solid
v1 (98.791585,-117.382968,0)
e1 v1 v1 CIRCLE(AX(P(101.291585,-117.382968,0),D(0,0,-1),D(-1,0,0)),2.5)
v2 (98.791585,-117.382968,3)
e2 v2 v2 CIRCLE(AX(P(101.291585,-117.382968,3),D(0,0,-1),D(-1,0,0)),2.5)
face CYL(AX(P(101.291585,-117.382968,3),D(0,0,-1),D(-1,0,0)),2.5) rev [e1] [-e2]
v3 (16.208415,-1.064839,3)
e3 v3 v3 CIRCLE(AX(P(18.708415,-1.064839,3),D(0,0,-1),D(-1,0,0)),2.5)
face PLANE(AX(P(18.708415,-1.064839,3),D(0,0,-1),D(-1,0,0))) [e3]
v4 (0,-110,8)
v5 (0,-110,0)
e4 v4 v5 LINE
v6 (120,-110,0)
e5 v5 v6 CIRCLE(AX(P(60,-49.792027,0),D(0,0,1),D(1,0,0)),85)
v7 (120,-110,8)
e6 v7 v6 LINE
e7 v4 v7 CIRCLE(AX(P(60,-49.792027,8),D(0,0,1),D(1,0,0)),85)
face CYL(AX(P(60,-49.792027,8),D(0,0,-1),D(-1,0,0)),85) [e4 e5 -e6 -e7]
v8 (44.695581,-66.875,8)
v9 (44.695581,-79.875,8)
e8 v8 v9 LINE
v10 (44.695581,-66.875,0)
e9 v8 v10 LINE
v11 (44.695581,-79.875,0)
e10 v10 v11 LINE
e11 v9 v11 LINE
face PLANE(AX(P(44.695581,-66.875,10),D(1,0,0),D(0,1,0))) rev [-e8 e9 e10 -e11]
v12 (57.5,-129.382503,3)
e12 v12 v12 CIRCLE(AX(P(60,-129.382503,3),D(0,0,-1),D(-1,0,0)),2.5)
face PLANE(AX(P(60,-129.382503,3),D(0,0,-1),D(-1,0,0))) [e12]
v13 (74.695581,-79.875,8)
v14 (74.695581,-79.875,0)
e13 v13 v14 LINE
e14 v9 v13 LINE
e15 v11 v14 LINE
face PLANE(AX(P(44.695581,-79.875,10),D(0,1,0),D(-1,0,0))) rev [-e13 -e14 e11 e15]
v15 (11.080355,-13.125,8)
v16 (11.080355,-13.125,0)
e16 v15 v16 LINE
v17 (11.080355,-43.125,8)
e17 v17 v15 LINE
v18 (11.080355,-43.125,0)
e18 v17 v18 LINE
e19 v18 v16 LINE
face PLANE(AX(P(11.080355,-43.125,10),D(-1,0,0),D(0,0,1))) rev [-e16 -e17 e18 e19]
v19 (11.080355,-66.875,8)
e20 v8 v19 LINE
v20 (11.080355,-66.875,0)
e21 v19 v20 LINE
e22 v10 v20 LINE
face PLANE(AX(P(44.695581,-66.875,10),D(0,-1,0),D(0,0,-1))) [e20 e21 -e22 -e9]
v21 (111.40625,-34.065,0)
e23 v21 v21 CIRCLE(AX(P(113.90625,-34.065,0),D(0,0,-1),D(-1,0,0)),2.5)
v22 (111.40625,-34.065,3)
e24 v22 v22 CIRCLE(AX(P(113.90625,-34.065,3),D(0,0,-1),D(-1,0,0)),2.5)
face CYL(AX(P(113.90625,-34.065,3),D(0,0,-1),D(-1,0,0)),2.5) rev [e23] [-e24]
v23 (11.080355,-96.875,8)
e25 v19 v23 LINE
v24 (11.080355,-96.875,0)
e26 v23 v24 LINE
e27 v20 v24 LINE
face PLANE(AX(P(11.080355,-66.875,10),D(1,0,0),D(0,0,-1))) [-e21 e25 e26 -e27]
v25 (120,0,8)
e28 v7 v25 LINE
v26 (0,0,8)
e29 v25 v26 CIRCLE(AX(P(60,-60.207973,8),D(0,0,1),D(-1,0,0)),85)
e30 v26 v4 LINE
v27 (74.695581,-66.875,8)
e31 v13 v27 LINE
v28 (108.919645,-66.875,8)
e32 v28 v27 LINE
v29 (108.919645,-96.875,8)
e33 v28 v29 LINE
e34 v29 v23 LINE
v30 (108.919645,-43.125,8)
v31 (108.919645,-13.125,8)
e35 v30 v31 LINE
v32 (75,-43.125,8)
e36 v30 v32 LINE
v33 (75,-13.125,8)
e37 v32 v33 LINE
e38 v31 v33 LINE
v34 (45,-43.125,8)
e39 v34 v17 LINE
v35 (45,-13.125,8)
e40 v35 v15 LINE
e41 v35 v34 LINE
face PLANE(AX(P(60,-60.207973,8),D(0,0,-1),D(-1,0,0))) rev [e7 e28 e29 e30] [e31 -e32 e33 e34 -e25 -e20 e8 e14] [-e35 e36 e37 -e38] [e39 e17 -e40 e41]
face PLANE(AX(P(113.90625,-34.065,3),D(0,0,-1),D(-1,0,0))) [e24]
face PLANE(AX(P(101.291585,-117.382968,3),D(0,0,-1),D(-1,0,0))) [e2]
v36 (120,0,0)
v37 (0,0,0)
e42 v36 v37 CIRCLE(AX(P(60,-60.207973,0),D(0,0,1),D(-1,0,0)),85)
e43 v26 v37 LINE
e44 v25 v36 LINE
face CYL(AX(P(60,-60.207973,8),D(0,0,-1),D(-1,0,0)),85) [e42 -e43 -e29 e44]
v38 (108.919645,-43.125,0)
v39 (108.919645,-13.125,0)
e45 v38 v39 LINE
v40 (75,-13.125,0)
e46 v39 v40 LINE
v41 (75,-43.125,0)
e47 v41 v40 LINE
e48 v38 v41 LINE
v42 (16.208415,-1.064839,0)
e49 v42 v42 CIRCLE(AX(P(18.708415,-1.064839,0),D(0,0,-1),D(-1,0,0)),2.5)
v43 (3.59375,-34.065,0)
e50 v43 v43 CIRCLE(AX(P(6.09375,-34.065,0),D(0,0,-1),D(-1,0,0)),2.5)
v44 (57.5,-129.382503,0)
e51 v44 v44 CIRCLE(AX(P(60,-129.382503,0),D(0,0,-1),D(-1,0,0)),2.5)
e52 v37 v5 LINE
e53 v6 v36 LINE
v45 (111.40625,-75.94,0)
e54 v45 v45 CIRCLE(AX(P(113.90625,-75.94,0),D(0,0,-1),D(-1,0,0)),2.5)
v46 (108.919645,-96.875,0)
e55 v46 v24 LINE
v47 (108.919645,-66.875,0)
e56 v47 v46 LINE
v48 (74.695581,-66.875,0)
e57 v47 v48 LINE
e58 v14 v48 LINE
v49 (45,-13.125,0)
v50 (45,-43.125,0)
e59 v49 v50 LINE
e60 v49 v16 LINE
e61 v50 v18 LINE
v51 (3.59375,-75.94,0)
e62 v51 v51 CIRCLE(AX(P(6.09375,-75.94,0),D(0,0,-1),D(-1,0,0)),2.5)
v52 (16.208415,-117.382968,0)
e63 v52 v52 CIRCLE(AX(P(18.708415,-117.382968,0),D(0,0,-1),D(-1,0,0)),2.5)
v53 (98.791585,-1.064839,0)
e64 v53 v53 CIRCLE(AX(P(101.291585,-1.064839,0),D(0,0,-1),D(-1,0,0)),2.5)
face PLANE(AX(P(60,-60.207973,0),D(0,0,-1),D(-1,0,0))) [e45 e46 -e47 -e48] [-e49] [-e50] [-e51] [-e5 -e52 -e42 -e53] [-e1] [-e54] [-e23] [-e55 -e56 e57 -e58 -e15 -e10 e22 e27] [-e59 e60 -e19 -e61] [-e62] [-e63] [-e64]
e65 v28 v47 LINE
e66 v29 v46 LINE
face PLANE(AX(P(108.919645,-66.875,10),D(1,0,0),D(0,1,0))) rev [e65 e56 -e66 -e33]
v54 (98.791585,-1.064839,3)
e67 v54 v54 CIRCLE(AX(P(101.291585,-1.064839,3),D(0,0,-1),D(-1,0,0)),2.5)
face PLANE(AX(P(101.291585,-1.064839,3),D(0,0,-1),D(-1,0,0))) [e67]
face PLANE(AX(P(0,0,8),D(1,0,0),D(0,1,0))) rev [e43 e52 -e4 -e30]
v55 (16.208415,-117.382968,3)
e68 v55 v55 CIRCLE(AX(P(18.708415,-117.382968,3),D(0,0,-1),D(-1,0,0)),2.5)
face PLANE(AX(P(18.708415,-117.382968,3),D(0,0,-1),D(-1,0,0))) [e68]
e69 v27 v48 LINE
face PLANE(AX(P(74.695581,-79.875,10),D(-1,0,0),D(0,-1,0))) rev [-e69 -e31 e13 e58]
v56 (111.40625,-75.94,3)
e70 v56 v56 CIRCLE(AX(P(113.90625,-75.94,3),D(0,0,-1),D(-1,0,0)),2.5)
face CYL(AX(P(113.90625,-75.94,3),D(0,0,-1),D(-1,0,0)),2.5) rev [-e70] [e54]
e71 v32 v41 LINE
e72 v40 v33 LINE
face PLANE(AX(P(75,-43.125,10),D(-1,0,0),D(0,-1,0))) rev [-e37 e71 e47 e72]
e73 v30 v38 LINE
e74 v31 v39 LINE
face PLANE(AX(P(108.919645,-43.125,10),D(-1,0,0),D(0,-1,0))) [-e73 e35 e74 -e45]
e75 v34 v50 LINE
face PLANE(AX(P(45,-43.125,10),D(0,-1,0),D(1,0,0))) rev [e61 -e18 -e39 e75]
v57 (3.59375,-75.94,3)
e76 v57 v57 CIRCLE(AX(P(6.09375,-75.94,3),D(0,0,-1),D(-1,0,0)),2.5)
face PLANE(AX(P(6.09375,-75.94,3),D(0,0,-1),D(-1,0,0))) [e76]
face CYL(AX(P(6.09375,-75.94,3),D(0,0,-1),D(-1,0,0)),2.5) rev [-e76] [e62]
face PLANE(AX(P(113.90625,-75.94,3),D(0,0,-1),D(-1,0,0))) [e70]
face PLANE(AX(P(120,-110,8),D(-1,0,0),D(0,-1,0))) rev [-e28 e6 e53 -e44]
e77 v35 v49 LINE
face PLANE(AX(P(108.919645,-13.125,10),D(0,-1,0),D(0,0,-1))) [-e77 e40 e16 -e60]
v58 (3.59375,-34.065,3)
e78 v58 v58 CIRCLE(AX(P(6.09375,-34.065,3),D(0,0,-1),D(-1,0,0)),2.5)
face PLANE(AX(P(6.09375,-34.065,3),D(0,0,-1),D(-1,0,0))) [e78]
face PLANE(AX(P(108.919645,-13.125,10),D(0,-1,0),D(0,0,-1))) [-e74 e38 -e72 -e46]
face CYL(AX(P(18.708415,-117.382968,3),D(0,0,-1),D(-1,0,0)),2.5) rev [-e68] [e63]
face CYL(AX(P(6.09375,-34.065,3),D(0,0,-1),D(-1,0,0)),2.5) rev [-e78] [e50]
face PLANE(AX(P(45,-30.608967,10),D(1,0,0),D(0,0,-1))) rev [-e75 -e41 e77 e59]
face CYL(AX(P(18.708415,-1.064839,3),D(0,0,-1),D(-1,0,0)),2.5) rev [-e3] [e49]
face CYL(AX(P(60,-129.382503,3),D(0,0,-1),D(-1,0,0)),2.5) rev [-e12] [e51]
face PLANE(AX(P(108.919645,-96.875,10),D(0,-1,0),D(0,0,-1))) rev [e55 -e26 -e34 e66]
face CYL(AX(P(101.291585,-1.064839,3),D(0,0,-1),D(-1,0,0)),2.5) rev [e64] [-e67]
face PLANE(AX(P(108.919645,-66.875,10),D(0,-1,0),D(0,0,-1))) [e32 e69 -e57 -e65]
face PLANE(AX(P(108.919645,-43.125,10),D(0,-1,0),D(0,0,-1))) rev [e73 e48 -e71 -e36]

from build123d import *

# Parameters (mm, degrees)
RESSALTO_EXTRUS_O1_DEPTH = 8
CORTE_EXTRUS_O1_DEPTH    = 10
RESSALTO_EXTRUS_O2_REACH = 161.117
ESBO_O3_W                = 30
ESBO_O3_H                = 8
ESBO_O4_R                = 2.5
CORTE_EXTRUS_O2_DEPTH    = 3


with BuildPart() as part:
    # Esboço1 → Ressalto-extrusão1 (new body)
    with BuildSketch(Plane.XY):
        with BuildLine():
            Line((0, 0), (0, -110))
            ThreePointArc((0, -110), (60, -134.792027106), (120, -110))
            Line((120, -110), (120, 0))
            ThreePointArc((120, 0), (60, 24.792027106), (0, 0))
        make_face()
    extrude(amount=RESSALTO_EXTRUS_O1_DEPTH)

    # Esboço2 → Corte-extrusão1 (cut)
    with BuildSketch(Plane(origin=(0, 0, 0), x_dir=(-1, 0, 0), z_dir=(0, 0, -1))):
        Polygon((-108.919644627, -96.875), (-11.080355373, -96.875), (-11.080355373, -66.875), (-44.695581191, -66.875), (-44.695581191, -79.875), (-74.695581191, -79.875), (-74.695581191, -66.875), (-108.919644627, -66.875), align=None)
        Polygon((-108.919644627, -43.125), (-75, -43.125), (-75, -30.608967116), (-45, -30.608967116), (-45, -43.125), (-11.080355373, -43.125), (-11.080355373, -13.125), (-108.919644627, -13.125), align=None)
    extrude(amount=-CORTE_EXTRUS_O1_DEPTH, mode=Mode.SUBTRACT)

    # Esboço3 → Ressalto-extrusão2 (add, up to next)
    with BuildSketch(Plane(origin=(0, -30.608967116, 0), x_dir=(1, 0, 0), z_dir=(0, 1, 0)), mode=Mode.PRIVATE) as ressalto_extrus_o2_sk1:
        with Locations((60, -4)):
            Rectangle(ESBO_O3_W, ESBO_O3_H)
    ressalto_extrus_o2_tool1 = extrude(ressalto_extrus_o2_sk1.sketch, amount=RESSALTO_EXTRUS_O2_REACH, mode=Mode.PRIVATE) - part.part
    add(ressalto_extrus_o2_tool1.solids().sort_by_distance((60, -30.608967, 4))[0])

    # Esboço4 → Corte-extrusão2 (cut)
    with BuildSketch(Plane(origin=(0, 0, 0), x_dir=(-1, 0, 0), z_dir=(0, 0, -1))):
        with Locations((-18.70841508, -1.064839346)):
            Circle(ESBO_O4_R)
        with Locations((-6.09375, -34.065)):
            Circle(ESBO_O4_R)
        with Locations((-6.09375, -75.94)):
            Circle(ESBO_O4_R)
        with Locations((-18.70841508, -117.382967977)):
            Circle(ESBO_O4_R)
        with Locations((-60, -129.382503442)):
            Circle(ESBO_O4_R)
        with Locations((-101.29158492, -117.382967977)):
            Circle(ESBO_O4_R)
        with Locations((-113.90625, -75.94)):
            Circle(ESBO_O4_R)
        with Locations((-113.90625, -34.065)):
            Circle(ESBO_O4_R)
        with Locations((-101.29158492, -1.064839346)):
            Circle(ESBO_O4_R)
    extrude(amount=-CORTE_EXTRUS_O2_DEPTH, mode=Mode.SUBTRACT)


solid = part.part
